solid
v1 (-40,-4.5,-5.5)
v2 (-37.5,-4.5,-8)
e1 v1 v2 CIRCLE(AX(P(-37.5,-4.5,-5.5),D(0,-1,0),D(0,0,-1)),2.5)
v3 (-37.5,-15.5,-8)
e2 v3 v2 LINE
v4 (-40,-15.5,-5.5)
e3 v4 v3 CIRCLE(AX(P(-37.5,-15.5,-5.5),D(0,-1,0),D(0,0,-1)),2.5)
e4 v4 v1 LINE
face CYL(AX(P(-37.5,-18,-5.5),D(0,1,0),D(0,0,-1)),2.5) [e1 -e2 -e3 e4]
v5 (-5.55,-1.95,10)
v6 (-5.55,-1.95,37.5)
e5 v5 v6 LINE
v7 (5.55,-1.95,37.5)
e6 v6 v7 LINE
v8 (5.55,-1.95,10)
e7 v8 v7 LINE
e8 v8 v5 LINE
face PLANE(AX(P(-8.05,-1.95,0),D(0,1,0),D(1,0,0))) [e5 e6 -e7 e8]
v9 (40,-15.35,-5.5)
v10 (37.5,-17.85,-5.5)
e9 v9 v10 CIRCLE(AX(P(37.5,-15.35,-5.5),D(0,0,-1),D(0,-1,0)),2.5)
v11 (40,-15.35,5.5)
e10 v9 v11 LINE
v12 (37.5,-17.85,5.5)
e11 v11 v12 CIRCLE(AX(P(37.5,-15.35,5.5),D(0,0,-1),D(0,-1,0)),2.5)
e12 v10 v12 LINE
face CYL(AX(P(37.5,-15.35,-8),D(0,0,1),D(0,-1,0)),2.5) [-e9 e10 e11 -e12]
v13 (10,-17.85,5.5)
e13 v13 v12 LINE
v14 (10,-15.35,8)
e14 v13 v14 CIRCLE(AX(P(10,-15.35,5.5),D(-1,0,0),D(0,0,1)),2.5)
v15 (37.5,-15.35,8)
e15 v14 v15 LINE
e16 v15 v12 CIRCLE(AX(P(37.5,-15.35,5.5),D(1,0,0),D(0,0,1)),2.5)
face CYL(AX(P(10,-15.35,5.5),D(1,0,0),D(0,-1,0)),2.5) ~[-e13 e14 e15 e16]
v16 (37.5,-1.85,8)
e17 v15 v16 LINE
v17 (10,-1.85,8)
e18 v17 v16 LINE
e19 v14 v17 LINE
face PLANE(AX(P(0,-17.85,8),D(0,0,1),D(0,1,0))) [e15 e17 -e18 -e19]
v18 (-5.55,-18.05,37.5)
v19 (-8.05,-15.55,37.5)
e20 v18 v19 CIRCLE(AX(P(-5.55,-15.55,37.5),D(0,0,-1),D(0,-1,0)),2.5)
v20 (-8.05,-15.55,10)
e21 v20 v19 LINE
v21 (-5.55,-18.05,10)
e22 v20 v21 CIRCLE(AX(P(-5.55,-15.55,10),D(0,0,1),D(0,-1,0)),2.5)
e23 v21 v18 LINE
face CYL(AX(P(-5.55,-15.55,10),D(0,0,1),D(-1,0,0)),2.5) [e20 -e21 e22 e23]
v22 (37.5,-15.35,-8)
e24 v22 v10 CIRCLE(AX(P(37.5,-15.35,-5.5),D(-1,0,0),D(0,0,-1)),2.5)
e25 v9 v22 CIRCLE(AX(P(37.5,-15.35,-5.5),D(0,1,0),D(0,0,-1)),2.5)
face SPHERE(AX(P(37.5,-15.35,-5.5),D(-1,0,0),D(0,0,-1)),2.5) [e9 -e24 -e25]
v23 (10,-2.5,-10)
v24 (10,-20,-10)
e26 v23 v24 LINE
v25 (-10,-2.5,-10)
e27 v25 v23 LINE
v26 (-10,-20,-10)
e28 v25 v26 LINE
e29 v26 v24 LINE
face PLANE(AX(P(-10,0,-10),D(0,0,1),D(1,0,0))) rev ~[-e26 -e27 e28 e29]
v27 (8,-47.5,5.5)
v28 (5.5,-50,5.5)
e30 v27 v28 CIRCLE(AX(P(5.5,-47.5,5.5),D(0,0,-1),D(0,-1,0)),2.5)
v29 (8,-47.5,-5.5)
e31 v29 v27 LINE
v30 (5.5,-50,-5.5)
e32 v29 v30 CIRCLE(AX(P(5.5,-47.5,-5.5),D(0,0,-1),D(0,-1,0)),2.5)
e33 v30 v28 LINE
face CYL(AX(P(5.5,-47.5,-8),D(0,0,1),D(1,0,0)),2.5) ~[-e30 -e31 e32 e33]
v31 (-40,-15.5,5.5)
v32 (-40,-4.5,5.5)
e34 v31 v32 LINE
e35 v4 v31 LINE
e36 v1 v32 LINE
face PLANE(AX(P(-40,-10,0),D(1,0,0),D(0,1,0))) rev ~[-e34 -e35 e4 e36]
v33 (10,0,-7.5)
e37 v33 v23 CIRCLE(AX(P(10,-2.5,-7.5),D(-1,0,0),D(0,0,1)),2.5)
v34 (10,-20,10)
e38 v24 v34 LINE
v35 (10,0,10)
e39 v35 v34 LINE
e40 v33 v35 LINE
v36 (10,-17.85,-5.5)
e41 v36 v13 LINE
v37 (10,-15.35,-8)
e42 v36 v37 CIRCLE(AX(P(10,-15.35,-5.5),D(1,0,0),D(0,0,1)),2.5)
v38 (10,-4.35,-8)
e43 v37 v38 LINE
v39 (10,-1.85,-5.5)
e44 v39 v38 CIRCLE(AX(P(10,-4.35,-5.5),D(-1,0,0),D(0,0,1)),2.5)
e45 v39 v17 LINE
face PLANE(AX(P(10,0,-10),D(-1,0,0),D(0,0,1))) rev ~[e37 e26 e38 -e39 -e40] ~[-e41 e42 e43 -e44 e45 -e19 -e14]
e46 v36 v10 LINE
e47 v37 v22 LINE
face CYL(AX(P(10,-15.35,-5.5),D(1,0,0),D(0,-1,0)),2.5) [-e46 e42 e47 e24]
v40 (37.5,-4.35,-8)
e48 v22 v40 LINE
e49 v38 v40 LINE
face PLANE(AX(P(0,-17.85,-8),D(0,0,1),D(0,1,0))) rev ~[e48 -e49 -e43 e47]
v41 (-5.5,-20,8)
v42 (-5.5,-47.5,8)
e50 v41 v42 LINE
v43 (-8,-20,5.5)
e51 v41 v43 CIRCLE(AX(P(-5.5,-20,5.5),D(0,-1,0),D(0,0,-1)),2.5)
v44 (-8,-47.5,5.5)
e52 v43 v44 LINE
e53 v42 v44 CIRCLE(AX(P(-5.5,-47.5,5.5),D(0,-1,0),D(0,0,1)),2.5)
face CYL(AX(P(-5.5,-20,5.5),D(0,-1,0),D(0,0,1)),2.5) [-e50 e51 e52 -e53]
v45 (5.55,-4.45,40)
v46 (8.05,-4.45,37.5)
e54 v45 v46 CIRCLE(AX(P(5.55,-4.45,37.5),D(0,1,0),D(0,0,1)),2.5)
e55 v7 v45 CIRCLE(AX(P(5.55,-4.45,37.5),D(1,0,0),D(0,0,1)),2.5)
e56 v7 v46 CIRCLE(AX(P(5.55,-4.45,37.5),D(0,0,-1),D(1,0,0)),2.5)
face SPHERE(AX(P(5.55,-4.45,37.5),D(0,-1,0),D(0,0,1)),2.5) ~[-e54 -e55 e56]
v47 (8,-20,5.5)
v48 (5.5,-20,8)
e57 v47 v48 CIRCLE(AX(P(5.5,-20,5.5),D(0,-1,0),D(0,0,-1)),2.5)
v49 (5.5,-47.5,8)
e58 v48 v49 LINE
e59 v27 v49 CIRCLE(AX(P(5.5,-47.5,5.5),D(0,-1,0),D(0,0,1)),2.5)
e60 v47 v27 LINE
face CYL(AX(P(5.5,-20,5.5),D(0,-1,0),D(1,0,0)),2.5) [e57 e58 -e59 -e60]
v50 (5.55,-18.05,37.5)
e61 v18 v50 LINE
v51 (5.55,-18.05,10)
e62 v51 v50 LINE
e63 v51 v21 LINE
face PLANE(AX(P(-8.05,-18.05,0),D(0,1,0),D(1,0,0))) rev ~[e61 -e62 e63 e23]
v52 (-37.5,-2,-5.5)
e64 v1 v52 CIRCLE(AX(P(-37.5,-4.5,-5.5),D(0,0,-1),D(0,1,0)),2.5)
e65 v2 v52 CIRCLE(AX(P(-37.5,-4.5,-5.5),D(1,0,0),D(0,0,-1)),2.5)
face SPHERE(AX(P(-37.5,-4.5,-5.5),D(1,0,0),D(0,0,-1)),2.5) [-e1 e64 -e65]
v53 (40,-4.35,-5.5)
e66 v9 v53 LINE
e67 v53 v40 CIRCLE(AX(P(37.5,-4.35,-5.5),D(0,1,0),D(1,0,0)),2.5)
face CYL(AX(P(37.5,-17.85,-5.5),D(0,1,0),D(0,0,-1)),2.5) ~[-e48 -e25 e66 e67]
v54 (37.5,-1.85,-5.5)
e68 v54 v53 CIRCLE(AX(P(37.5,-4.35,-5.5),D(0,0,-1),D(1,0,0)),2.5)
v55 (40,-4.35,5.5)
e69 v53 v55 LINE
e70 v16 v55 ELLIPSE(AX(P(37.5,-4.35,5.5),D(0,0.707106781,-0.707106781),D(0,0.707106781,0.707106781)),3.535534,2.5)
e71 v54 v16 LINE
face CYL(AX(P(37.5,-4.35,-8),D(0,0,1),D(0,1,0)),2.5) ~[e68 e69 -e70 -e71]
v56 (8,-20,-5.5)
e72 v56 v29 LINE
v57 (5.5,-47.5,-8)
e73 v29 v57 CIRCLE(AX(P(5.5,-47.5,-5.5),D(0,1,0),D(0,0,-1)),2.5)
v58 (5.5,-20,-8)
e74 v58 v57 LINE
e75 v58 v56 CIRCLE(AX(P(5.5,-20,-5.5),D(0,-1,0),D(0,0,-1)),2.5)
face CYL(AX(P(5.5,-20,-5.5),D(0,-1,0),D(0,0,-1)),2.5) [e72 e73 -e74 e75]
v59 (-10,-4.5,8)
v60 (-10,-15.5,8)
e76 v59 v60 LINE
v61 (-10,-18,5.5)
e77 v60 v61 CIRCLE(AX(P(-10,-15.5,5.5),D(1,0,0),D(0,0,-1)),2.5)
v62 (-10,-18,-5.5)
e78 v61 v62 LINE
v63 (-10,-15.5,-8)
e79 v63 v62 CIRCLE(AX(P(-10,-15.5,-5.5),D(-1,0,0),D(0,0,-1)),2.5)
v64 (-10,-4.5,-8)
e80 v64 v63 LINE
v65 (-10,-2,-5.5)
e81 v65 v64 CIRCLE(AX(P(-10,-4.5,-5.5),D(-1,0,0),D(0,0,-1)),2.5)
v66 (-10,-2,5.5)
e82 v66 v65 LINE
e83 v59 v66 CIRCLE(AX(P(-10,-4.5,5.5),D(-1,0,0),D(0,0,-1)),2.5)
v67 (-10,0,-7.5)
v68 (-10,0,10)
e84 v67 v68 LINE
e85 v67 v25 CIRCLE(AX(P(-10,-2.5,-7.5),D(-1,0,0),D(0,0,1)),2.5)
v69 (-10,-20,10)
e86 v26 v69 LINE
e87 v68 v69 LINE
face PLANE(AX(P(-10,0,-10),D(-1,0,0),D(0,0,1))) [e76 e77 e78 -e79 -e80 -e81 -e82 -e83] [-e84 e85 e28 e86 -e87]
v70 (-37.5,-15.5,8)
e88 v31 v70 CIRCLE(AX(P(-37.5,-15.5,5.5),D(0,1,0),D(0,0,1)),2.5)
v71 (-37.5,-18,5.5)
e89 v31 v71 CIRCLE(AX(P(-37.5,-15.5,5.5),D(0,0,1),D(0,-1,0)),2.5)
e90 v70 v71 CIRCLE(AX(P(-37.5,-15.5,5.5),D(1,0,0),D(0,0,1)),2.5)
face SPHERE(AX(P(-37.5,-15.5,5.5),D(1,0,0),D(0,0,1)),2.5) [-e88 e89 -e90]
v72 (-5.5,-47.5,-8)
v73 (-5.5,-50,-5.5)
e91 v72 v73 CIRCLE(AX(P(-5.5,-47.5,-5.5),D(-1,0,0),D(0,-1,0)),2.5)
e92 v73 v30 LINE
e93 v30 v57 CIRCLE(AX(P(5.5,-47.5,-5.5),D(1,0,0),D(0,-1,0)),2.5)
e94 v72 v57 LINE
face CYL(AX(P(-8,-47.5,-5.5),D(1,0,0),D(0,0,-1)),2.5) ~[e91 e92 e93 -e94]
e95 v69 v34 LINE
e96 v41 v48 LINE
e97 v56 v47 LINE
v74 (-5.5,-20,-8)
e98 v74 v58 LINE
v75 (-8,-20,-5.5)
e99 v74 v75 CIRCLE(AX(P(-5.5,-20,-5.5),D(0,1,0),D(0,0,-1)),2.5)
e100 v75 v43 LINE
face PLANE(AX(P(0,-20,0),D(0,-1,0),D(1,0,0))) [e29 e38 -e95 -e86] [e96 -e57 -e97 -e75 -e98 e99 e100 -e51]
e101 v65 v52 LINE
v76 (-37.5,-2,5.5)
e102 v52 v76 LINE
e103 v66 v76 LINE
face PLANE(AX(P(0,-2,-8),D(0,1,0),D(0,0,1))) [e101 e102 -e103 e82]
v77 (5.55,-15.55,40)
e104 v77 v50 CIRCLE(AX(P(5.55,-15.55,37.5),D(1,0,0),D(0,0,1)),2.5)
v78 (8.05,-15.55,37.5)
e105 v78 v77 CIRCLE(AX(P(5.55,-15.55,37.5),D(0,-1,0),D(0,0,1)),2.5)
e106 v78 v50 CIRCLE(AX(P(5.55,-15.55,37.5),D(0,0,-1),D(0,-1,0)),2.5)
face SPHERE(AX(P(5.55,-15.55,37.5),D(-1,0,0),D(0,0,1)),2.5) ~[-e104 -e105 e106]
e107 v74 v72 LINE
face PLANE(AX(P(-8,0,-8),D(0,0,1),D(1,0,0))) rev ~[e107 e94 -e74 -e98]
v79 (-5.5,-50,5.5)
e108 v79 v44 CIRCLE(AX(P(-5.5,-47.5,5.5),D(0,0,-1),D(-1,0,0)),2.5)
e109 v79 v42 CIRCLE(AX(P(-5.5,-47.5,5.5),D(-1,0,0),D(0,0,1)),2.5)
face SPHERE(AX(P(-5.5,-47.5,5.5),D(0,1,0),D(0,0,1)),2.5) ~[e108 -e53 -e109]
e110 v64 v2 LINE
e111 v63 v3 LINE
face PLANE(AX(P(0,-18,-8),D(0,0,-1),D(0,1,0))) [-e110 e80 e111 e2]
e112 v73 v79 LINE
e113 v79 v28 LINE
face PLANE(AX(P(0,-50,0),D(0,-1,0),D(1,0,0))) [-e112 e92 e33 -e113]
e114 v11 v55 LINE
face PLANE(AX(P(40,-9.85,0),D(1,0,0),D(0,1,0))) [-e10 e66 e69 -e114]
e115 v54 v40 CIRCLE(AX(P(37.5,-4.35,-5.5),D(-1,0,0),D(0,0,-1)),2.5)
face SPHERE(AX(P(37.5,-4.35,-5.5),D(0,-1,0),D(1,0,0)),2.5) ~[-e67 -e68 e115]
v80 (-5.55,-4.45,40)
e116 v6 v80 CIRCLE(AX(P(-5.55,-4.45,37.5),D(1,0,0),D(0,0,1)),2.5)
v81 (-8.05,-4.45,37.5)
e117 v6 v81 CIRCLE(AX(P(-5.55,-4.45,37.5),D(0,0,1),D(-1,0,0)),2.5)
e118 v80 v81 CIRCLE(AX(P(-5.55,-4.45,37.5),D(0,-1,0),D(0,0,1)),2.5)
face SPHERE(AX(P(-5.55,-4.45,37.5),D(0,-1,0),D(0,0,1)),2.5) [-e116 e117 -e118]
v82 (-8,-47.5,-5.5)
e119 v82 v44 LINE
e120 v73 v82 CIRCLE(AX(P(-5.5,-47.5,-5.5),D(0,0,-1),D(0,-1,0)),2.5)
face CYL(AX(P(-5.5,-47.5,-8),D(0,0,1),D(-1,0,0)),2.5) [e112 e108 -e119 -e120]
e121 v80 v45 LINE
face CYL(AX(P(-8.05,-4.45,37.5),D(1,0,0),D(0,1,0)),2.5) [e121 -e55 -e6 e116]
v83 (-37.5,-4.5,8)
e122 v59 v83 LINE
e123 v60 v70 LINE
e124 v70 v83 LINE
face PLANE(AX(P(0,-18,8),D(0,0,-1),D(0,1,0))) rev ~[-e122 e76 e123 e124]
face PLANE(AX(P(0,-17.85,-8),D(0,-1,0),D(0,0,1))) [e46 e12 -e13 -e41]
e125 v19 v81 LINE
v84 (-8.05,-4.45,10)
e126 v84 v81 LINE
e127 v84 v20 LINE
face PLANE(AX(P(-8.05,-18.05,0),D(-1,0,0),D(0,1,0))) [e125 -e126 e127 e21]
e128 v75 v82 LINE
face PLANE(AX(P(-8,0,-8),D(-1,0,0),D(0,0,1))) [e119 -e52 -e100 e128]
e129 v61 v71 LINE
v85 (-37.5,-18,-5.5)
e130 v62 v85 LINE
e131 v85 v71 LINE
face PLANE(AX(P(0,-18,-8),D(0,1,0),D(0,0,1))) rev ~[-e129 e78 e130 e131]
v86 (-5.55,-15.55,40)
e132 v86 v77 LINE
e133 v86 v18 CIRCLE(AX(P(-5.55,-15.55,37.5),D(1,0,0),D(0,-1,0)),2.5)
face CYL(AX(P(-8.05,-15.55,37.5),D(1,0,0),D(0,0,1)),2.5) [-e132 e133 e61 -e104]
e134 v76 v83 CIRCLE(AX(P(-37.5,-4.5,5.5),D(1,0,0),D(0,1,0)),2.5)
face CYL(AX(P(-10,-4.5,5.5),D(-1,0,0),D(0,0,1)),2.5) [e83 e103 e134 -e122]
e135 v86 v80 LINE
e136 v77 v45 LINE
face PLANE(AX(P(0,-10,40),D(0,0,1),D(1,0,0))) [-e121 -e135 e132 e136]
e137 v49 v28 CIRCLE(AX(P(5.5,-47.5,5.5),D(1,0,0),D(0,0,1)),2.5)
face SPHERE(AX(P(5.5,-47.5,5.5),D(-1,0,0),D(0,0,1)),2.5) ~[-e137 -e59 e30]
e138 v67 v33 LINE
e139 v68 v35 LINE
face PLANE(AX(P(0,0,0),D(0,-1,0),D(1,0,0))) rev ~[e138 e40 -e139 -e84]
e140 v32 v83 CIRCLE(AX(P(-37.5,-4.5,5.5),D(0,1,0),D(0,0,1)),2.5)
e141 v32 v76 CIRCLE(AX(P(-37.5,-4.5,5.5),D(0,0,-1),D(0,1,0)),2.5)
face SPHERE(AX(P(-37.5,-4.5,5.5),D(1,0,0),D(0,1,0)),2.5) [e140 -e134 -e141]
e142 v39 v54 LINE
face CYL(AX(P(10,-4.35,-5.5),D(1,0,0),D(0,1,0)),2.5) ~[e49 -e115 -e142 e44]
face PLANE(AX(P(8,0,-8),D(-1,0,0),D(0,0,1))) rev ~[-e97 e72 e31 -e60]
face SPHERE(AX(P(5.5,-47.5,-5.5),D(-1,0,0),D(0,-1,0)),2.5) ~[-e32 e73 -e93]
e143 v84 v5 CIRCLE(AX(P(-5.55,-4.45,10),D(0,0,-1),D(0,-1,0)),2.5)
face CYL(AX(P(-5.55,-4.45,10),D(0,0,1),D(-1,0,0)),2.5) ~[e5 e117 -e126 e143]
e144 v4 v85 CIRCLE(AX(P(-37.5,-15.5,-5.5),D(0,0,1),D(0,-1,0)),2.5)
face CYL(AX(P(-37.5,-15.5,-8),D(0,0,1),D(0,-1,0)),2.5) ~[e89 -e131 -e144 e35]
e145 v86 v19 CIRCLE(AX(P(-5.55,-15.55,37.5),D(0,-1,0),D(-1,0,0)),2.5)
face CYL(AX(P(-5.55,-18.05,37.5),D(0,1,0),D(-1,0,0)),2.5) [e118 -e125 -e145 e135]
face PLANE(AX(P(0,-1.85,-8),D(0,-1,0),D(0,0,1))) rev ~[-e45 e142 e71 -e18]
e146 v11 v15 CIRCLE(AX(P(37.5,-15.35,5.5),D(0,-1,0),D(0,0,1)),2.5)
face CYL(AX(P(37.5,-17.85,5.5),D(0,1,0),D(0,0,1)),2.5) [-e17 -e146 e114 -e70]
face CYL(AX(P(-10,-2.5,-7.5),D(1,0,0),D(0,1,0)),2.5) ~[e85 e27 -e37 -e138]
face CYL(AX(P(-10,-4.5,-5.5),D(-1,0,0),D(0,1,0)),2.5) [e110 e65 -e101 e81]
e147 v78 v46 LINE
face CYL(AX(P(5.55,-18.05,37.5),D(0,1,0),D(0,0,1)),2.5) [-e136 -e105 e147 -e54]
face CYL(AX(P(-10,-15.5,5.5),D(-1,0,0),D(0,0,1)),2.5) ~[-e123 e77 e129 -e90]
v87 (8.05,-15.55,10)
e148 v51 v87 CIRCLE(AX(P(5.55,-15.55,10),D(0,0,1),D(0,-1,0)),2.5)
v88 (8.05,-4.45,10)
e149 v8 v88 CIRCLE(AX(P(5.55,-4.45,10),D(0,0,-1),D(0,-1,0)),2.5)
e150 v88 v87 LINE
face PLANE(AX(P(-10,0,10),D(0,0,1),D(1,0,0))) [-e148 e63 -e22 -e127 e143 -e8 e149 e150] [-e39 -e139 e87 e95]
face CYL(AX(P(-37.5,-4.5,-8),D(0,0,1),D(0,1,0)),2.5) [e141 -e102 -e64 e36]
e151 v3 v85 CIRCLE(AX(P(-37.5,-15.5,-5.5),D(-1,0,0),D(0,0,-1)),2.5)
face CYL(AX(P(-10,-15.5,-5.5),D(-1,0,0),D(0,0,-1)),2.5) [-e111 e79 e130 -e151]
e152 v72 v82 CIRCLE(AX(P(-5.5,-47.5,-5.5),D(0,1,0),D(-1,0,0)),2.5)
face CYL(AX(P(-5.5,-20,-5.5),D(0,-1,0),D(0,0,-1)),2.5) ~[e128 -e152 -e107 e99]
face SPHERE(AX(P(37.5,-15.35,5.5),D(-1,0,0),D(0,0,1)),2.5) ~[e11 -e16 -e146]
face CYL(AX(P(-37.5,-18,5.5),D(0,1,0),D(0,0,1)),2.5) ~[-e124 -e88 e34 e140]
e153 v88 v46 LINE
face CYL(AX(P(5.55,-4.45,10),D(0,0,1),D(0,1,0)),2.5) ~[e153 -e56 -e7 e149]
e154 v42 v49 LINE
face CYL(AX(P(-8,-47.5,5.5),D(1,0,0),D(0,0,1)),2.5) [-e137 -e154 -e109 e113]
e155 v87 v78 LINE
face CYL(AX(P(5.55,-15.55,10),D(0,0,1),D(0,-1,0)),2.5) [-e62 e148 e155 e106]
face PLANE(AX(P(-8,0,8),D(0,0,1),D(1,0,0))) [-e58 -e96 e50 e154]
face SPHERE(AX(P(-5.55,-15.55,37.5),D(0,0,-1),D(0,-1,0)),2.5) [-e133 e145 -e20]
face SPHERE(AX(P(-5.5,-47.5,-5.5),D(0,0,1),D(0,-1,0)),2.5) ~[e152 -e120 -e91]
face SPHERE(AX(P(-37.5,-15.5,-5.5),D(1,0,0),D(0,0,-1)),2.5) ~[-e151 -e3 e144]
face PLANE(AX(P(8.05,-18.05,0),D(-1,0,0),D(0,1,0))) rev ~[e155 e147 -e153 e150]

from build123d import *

# Parameters (mm, degrees)
F0_W     = 16
F0_H     = 16
F1_DEPTH = 50
F0_W_2   = 20
F0_H_2   = 20
F2_DEPTH = 20
F3_W     = 16
F3_H     = 16
F4_DEPTH = 40
F5_W     = 16
F5_H     = 16
F6_DEPTH = 40
F7_W     = 16.1
F7_H     = 16.1
F8_DEPTH = 40
F9_R     = 2.5


with BuildPart() as f1:
    # F0 (on Front) → F1 (new body)
    with BuildSketch(Plane.XZ):
        Rectangle(F0_W, F0_H)
    extrude(amount=F1_DEPTH)

    # F0 (on Front) → F2 (join)
    with BuildSketch(Plane.XZ):
        Rectangle(F0_W_2, F0_H_2)
        Rectangle(F0_W, F0_H, mode=Mode.SUBTRACT)
    extrude(amount=F2_DEPTH)

    # F3 (on Right) → F4 (join)
    with BuildSketch(Plane.YZ):
        with Locations((-9.85, 0)):
            Rectangle(F3_W, F3_H)
    extrude(amount=F4_DEPTH)

    # F5 (on Right) → F6 (join)
    with BuildSketch(Plane.YZ):
        with Locations((-10, 0)):
            Rectangle(F5_W, F5_H)
    extrude(amount=-F6_DEPTH)

    # F7 (on Top) → F8 (join)
    with BuildSketch(Plane.XY):
        with Locations((0, -10)):
            Rectangle(F7_W, F7_H)
    extrude(amount=F8_DEPTH)

    # F9
    f9_edges = [f1.edges().sort_by_distance(p)[0] for p in [
        (0, 0, -10),
        (-25, -2, -8),
        (-25, -18, -8),
        (-25, -2, 8),
        (-25, -18, 8),
        (-40, -10, -8),
        (-40, -2, 0),
        (-40, -10, 8),
        (-40, -18, 0),
        (-8.05, -18.05, 25),
        (0, -18.05, 40),
        (-8.05, -10, 40),
        (8.05, -10, 40),
        (0, -1.95, 40),
        (-8.05, -1.95, 25),
        (8.05, -1.95, 25),
        (8.05, -18.05, 25),
        (-8, -35, 8),
        (0, -50, 8),
        (8, -35, 8),
        (-8, -50, 0),
        (0, -50, -8),
        (8, -50, 0),
        (25, -17.85, 8),
        (25, -17.85, -8),
        (40, -9.85, -8),
        (40, -1.85, 0),
        (40, -9.85, 8),
        (40, -17.85, 0),
        (8, -35, -8),
        (-8, -35, -8),
        (25, -1.85, -8),
    ]]
    fillet(f9_edges, radius=F9_R)


solid = f1.part
